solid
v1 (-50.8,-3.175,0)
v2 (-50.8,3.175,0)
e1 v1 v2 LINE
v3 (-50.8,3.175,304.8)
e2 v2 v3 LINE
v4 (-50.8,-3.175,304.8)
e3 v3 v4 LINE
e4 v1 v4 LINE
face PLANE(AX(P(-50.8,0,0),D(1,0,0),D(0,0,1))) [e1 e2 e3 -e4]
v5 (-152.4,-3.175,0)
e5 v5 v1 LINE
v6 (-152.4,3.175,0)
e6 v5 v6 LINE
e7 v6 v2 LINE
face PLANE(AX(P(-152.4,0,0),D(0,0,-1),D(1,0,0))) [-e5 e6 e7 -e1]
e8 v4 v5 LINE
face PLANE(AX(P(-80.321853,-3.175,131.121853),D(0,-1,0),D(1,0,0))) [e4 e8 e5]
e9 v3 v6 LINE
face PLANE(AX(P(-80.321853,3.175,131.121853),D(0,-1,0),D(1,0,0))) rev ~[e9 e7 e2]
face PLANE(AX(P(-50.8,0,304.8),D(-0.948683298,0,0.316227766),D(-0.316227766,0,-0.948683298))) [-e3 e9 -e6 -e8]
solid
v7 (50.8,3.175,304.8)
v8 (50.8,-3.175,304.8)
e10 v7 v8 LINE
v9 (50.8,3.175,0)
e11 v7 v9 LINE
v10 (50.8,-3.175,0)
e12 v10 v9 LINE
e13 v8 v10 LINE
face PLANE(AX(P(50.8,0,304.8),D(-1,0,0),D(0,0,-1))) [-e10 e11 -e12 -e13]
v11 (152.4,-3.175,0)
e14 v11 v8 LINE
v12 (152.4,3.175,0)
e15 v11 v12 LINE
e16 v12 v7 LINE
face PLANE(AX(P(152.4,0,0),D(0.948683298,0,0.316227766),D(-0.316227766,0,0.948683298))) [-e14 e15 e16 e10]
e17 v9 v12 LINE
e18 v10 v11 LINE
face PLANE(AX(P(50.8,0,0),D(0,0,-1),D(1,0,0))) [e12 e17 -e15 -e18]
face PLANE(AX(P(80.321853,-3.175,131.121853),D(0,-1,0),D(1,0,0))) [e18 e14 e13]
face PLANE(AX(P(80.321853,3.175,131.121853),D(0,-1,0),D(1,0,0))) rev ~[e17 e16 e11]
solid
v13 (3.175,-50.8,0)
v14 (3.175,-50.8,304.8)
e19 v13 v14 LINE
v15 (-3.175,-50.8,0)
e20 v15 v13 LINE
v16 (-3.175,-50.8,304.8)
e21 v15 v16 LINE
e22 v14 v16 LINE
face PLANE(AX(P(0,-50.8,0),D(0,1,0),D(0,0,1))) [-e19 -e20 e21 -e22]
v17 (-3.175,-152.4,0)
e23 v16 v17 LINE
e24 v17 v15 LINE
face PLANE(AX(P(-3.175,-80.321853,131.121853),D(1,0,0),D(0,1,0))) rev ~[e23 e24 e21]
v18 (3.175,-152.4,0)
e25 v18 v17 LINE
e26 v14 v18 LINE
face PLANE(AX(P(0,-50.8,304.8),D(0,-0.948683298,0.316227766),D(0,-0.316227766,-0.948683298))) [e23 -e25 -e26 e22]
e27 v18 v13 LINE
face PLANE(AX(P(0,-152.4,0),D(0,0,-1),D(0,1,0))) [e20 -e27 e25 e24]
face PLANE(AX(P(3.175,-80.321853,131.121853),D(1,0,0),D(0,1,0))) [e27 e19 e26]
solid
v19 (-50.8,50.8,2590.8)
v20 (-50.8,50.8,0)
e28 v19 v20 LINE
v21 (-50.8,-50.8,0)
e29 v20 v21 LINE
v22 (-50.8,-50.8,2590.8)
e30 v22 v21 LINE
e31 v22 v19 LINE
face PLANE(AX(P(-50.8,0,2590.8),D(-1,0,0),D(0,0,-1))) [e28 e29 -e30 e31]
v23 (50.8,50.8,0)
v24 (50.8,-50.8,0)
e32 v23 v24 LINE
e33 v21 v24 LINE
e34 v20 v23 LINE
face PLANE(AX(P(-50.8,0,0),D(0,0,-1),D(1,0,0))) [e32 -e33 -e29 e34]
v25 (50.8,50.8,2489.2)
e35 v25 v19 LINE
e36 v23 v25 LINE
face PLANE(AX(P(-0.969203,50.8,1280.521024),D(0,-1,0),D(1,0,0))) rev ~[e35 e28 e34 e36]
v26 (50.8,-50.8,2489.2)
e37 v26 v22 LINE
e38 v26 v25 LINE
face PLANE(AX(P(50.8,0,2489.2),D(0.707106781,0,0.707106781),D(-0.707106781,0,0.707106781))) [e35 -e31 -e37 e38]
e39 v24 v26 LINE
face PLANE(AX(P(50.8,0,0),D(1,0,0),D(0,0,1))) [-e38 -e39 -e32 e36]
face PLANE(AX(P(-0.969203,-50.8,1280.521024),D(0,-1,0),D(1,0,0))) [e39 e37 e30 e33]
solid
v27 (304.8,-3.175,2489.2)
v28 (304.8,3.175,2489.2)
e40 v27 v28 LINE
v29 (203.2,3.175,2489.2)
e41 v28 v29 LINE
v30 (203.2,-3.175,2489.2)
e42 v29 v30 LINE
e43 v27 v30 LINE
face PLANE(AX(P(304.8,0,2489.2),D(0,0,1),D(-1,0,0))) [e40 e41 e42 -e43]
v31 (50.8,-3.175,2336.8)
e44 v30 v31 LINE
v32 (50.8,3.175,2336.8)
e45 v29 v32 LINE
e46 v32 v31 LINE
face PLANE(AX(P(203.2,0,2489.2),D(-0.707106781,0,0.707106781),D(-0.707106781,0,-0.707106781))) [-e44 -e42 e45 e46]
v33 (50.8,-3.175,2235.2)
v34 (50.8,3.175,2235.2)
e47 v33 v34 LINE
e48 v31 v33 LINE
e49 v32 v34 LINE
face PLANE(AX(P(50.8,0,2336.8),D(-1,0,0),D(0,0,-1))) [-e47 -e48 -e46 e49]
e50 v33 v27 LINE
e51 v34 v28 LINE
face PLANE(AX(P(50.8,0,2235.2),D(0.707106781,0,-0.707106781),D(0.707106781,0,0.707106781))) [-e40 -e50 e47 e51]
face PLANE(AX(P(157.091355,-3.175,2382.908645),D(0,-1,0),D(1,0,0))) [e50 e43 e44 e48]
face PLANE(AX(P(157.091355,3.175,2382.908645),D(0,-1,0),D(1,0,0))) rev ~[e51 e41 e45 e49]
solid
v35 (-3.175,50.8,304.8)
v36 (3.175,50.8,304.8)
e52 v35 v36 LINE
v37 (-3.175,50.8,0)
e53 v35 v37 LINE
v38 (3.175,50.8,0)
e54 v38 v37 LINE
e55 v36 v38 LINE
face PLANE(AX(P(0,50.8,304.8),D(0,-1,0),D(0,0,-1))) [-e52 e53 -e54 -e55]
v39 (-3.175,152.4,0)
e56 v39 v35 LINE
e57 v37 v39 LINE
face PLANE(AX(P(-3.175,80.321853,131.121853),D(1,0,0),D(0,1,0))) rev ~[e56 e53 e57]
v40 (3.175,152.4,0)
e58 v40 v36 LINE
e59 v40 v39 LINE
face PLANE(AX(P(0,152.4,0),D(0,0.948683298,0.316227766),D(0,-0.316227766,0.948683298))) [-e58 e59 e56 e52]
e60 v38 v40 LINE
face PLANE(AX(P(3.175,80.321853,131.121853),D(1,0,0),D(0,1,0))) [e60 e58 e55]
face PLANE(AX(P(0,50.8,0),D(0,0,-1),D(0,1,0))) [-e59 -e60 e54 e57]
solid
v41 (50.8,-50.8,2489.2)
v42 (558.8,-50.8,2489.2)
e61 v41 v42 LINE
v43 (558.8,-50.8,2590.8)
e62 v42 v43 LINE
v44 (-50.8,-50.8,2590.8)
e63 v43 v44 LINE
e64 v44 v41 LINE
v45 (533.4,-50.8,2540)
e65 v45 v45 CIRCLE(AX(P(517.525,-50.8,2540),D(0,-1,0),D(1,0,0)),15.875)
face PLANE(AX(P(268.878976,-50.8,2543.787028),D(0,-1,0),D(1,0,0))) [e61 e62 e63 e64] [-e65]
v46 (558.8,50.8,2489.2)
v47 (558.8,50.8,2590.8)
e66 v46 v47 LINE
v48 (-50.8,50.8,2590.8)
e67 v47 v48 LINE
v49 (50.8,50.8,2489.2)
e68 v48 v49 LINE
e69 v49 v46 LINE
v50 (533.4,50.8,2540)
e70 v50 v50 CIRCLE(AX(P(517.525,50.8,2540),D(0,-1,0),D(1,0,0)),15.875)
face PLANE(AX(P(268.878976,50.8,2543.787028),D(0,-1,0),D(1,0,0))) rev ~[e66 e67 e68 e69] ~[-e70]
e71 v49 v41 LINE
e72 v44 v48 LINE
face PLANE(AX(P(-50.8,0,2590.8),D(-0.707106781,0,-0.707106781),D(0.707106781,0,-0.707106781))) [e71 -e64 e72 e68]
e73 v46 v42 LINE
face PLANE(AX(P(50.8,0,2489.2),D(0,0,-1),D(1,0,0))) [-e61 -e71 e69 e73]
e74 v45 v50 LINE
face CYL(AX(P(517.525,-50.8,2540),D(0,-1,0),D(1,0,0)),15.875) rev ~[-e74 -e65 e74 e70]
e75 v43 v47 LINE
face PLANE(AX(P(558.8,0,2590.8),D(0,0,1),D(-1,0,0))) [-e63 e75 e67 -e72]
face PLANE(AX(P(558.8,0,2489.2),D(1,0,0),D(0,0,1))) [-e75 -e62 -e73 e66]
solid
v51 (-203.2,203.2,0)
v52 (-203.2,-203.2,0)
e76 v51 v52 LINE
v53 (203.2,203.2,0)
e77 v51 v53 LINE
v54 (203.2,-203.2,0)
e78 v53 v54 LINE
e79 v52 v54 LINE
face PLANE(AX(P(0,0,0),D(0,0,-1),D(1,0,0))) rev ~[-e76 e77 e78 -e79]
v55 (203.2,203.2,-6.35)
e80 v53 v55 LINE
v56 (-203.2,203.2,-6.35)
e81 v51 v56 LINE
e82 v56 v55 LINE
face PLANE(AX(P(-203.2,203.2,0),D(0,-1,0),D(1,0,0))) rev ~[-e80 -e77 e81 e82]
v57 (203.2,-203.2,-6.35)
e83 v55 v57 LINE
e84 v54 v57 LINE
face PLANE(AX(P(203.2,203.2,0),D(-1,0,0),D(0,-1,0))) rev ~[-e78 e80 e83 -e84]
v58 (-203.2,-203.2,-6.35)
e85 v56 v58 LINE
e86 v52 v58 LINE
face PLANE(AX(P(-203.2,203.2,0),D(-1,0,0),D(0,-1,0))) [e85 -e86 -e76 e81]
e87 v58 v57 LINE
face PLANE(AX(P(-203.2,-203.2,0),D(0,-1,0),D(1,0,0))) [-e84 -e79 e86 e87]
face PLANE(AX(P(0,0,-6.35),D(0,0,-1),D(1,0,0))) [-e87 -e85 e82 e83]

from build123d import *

# Parameters (mm, degrees)
F1_DEPTH  = 50.8
F2_W      = 406.4
F2_H      = 406.4
F3_DEPTH  = 6.35
F6_DEPTH  = 3.175
F7_DEPTH  = 3.175
F8_DEPTH  = 50.8
F10_DEPTH = 50.8
F12_DEPTH = 3.175
F13_R     = 15.875
F14_DEPTH = 127


with BuildPart() as f1:
    # F0 (on Front) → F1 (new body, symmetric)
    with BuildSketch(Plane.XZ):
        Polygon((-50.8, 2590.8), (-50.8, 0), (50.8, 0), (50.8, 2489.2), align=None)
    extrude(amount=F1_DEPTH, both=True)

    # F0 (on Front) → F8 (cut, symmetric)
    with BuildSketch(Plane.XZ):
        Polygon((50.8, 2590.8), (-50.8, 2590.8), (50.8, 2489.2), align=None)
    extrude(amount=F8_DEPTH, both=True, mode=Mode.SUBTRACT)


with BuildPart() as f3:
    # F2 (on face) → F3 (new body)
    with BuildSketch(Plane(origin=(0, 0, 0), x_dir=(1, 0, 0), z_dir=(0, 0, -1))):
        Rectangle(F2_W, F2_H)
    extrude(amount=F3_DEPTH)


with BuildPart() as f6:
    # F5 (on Right) → F6 (new body, symmetric)
    with BuildSketch(Plane.YZ):
        Polygon((152.4, 0), (50.8, 304.8), (50.8, 0), align=None)
    extrude(amount=F6_DEPTH, both=True)


with BuildPart() as f6b:
    # F5 (on Right) → F6, piece 2 (new body, symmetric)
    with BuildSketch(Plane.YZ):
        Polygon((-152.4, 0), (-50.8, 0), (-50.8, 304.8), align=None)
    extrude(amount=F6_DEPTH, both=True)


with BuildPart() as f7:
    # F4 (on Front) → F7 (new body, symmetric)
    with BuildSketch(Plane.XZ):
        Polygon((152.4, 0), (50.8, 304.8), (50.8, 0), align=None)
    extrude(amount=F7_DEPTH, both=True)


with BuildPart() as f7b:
    # F4 (on Front) → F7, piece 2 (new body, symmetric)
    with BuildSketch(Plane.XZ):
        Polygon((-50.8, 0), (-50.8, 304.8), (-152.4, 0), align=None)
    extrude(amount=F7_DEPTH, both=True)


with BuildPart() as f10:
    # F9 (on Front) → F10 (new body, symmetric)
    with BuildSketch(Plane.XZ):
        Polygon((-50.8, 2590.8), (50.8, 2489.2), (558.8, 2489.2), (558.8, 2590.8), align=None)
    extrude(amount=F10_DEPTH, both=True)

    # F13 (on face) → F14 (cut)
    with BuildSketch(Plane.XZ.offset(50.8)):
        with Locations((517.525, 2540)):
            Circle(F13_R)
    extrude(amount=-F14_DEPTH, mode=Mode.SUBTRACT)


with BuildPart() as f12:
    # F11 (on Front) → F12 (new body, symmetric)
    with BuildSketch(Plane.XZ):
        Polygon((304.8, 2489.2), (203.2, 2489.2), (50.8, 2336.8), (50.8, 2235.2), align=None)
    extrude(amount=F12_DEPTH, both=True)


solid = Compound([f1.part, f3.part, f6.part, f6b.part, f7.part, f7b.part, f10.part, f12.part])
